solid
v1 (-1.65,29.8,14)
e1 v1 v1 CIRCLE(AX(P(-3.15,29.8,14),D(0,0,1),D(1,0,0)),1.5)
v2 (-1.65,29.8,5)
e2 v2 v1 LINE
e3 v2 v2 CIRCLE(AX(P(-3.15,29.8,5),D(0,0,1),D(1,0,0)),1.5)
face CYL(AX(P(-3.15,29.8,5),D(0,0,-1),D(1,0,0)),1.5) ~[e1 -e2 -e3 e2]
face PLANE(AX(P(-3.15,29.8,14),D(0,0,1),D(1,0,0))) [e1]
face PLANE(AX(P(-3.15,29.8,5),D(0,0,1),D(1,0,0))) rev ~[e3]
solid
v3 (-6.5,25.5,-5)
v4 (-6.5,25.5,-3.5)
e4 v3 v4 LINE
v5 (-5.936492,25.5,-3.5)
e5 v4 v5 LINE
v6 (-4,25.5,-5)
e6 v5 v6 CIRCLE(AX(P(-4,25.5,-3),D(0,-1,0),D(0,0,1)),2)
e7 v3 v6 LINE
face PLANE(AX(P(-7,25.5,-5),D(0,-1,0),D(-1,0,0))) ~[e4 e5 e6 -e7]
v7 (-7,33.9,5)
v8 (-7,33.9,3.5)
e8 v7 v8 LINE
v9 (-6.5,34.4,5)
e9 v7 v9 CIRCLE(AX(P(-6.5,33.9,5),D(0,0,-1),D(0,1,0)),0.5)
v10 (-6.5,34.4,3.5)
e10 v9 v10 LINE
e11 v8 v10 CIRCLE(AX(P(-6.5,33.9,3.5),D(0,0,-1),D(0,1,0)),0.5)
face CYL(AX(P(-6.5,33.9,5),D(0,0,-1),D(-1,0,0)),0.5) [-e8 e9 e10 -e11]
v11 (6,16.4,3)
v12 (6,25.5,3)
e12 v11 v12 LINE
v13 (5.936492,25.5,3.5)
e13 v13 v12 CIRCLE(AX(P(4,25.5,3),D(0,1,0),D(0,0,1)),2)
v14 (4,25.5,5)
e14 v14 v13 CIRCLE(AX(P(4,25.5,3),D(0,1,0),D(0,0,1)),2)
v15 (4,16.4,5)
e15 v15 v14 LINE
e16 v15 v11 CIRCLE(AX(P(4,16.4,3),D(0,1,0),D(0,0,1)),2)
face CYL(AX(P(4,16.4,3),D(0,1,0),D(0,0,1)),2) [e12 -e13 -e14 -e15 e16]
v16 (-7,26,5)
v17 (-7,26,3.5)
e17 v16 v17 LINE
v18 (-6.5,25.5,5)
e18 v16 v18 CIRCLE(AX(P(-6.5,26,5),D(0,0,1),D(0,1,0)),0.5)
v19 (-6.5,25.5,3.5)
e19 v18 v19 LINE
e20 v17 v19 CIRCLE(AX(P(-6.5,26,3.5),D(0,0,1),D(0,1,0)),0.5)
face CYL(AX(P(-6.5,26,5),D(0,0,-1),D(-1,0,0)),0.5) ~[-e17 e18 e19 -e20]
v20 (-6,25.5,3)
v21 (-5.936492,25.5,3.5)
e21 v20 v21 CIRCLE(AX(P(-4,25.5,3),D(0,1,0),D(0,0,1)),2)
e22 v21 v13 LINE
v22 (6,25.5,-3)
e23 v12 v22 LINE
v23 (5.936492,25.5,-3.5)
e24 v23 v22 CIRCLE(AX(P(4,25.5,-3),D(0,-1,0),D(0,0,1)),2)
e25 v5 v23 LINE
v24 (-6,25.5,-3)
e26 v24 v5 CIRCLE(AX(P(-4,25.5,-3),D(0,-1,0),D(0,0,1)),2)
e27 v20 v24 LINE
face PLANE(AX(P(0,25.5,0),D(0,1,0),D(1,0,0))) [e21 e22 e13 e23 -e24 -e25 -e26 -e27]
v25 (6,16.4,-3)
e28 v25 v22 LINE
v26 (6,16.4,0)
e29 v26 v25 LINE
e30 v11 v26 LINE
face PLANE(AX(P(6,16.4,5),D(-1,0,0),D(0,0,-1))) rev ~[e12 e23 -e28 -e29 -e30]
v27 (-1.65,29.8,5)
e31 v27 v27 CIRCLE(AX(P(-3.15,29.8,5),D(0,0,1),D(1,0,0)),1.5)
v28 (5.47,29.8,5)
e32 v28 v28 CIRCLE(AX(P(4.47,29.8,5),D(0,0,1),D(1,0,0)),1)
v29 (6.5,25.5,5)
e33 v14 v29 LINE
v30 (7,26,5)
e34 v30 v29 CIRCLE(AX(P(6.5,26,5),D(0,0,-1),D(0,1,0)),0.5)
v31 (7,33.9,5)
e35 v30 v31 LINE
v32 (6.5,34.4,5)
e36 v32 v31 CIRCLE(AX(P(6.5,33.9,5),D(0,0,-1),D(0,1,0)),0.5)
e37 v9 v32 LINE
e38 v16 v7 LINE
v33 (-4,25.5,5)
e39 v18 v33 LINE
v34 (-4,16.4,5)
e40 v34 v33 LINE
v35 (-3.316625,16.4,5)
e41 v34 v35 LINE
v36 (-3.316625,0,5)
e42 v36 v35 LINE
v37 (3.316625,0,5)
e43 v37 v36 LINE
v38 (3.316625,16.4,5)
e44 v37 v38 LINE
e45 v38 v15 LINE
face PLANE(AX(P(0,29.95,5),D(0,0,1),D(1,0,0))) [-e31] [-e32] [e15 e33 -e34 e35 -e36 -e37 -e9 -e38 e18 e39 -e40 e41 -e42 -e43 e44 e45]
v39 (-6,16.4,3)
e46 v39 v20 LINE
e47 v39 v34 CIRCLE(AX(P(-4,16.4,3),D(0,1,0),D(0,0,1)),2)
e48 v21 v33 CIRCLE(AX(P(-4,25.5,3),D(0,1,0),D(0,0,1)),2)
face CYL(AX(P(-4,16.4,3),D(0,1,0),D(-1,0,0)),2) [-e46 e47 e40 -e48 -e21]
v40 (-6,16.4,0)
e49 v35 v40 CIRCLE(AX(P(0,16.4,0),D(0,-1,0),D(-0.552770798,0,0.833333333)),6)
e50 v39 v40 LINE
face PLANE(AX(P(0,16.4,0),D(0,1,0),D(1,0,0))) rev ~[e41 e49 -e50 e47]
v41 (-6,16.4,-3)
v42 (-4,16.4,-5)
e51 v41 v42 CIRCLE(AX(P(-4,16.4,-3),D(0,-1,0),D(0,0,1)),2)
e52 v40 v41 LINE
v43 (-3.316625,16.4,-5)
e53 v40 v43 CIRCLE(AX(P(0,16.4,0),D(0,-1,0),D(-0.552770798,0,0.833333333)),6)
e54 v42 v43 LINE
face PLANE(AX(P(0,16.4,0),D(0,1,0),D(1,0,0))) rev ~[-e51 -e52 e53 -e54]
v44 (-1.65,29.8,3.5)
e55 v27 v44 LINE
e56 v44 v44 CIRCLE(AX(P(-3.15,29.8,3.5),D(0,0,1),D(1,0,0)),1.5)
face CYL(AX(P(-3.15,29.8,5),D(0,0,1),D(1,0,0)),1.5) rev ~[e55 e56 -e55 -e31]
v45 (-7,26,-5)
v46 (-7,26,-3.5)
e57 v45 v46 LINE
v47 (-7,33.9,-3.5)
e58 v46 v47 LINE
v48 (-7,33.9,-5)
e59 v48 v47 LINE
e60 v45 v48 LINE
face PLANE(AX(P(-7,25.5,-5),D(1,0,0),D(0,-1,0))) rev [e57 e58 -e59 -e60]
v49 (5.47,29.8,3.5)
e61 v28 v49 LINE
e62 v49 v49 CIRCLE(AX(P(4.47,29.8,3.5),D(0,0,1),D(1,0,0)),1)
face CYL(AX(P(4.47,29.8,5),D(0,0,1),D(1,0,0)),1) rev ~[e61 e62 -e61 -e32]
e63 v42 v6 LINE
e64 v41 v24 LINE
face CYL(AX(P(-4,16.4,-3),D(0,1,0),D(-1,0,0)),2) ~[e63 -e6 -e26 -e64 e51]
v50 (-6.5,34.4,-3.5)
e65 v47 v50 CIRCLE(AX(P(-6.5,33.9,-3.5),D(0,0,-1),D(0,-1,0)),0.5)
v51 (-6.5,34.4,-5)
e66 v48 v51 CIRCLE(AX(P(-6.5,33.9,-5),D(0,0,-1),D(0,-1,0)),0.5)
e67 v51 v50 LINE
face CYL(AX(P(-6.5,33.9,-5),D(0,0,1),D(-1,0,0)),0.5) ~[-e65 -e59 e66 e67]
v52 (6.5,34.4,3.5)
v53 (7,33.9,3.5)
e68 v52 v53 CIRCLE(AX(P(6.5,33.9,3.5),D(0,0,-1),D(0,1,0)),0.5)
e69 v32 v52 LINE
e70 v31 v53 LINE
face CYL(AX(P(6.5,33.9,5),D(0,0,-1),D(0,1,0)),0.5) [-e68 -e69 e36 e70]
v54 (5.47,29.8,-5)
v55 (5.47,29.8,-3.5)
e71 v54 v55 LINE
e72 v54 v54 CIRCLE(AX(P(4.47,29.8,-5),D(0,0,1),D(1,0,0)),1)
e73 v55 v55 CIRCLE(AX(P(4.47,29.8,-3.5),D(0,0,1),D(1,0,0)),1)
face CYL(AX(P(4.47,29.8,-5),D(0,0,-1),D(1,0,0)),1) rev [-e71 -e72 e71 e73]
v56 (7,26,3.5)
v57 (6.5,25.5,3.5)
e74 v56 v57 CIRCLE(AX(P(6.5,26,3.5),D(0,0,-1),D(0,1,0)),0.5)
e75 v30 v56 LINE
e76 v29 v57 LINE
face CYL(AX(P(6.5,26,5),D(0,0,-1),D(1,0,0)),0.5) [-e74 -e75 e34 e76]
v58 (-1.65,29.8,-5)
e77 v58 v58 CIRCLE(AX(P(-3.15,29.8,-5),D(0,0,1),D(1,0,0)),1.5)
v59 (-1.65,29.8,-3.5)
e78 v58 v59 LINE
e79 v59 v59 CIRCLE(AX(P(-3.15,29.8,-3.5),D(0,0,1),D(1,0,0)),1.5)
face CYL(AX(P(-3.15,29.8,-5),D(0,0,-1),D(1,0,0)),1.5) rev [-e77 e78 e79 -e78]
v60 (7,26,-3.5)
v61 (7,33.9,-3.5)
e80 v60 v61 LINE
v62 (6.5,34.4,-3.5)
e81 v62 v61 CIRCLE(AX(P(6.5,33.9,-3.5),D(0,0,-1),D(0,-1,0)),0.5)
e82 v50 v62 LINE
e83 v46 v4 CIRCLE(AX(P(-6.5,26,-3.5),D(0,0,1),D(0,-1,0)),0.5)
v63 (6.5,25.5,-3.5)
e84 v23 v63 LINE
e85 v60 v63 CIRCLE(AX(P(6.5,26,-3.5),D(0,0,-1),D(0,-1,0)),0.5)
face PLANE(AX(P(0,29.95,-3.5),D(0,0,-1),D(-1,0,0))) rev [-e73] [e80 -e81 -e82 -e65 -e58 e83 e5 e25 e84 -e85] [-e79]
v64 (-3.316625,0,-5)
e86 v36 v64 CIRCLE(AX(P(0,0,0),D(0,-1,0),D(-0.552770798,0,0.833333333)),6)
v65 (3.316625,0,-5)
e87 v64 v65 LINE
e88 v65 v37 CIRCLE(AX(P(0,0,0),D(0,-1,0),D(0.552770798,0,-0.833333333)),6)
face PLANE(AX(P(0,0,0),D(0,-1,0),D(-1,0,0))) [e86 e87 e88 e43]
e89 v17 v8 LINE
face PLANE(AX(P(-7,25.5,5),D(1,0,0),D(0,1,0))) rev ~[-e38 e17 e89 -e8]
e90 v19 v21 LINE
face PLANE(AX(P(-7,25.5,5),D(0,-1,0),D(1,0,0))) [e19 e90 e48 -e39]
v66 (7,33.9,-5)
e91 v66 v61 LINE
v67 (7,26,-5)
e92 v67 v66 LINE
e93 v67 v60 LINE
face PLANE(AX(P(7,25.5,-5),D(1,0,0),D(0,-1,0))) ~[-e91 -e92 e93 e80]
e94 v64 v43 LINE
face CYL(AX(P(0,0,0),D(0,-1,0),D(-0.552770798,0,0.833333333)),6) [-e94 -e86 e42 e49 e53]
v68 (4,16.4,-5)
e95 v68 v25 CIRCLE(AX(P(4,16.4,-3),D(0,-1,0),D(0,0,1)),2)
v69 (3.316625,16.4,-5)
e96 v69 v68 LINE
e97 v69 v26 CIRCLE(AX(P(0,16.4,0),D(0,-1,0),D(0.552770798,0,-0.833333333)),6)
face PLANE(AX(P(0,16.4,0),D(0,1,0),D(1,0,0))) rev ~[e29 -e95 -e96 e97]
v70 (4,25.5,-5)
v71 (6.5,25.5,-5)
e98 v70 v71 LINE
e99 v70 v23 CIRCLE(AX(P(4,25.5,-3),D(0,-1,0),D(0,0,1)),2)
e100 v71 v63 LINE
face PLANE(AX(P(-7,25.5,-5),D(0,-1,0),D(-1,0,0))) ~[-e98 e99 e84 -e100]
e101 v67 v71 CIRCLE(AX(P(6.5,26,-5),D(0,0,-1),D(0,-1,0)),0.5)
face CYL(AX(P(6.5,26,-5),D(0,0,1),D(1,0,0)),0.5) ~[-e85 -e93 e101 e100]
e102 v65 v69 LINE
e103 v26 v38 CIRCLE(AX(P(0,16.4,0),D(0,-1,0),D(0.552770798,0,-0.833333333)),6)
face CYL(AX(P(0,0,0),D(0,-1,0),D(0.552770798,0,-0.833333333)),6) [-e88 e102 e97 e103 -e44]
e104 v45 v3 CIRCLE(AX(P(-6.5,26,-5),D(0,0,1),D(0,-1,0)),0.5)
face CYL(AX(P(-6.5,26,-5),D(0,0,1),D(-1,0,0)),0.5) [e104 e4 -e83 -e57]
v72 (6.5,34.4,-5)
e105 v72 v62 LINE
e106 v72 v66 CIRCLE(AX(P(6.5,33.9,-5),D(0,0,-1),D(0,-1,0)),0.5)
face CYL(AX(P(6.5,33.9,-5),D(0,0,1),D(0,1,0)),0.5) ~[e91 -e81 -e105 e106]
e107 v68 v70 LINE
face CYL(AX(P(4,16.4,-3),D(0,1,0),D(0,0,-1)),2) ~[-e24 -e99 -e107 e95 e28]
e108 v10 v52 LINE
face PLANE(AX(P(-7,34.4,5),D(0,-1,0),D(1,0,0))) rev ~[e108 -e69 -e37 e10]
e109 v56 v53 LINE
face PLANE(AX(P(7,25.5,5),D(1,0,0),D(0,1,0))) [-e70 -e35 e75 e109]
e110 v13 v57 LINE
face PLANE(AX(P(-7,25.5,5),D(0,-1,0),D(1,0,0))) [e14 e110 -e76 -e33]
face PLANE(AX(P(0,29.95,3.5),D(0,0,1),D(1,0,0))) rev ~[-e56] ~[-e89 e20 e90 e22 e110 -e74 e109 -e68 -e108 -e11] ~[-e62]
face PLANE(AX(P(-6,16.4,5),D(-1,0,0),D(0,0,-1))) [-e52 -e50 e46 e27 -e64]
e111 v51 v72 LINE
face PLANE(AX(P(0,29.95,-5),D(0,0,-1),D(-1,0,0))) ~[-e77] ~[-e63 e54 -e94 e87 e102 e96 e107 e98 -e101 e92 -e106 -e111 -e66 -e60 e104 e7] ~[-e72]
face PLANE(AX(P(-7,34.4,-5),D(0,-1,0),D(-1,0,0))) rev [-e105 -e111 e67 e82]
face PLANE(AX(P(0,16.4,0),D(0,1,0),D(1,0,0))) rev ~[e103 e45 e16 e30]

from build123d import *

# Parameters (mm, degrees)
BOSS_EXTRUDE1_DEPTH  = 16.4
SKETCH2_W            = 12
SKETCH2_H            = 10
BOSS_EXTRUDE2_DEPTH  = 9.1
FILLET1_R            = 2
SKETCH3_W            = 14
SKETCH3_H            = 8.9
SKETCH3_R            = 1.5
SKETCH3_R_2          = 1
BOSS_EXTRUDE3_DEPTH  = 1.5
FILLET2_R            = 0.5
FILLET2_OF_MIRROR1_R = 0.5
SKETCH4_R            = 1.5
BOSS_EXTRUDE4_DEPTH  = 9


with BuildPart() as part:
    # Sketch1 → Boss-Extrude1 (new body)
    with BuildSketch(Plane(origin=(0, 0, 0), x_dir=(1, 0, 0), z_dir=(0, 1, 0))):
        with BuildLine():
            Line((-3.31662479, 5), (3.31662479, 5))
            ThreePointArc((3.31662479, 5), (6, 0), (3.31662479, -5))
            Line((3.31662479, -5), (-3.31662479, -5))
            ThreePointArc((-3.31662479, -5), (-6, 0), (-3.31662479, 5))
        make_face()
    extrude(amount=BOSS_EXTRUDE1_DEPTH)

    # Sketch2 → Boss-Extrude2 (add)
    with BuildSketch(Plane(origin=(0, 16.4, 0), x_dir=(1, 0, 0), z_dir=(0, 1, 0))):
        Rectangle(SKETCH2_W, SKETCH2_H)
    extrude(amount=BOSS_EXTRUDE2_DEPTH)

    # Fillet1
    fillet1_edges = [part.edges().sort_by_distance(p)[0] for p in [
        (-6, 20.95, -5),
        (-6, 20.95, 5),
        (6, 20.95, 5),
        (6, 20.95, -5),
    ]]
    fillet(fillet1_edges, radius=FILLET1_R)

    # Sketch3 → Boss-Extrude3 (add)
    with BuildSketch(Plane.XY.offset(5)):
        with Locations((0, 29.95)):
            Rectangle(SKETCH3_W, SKETCH3_H)
        with Locations((-3.15, 29.8)):
            Circle(SKETCH3_R, mode=Mode.SUBTRACT)
        with Locations((4.47, 29.8)):
            Circle(SKETCH3_R_2, mode=Mode.SUBTRACT)
    boss_extrude3 = extrude(amount=-BOSS_EXTRUDE3_DEPTH)

    # Fillet2
    fillet2_edges = [part.edges().sort_by_distance(p)[0] for p in [
        (-7, 25.5, 4.25),
        (-7, 34.4, 4.25),
        (7, 34.4, 4.25),
        (7, 25.5, 4.25),
    ]]
    fillet(fillet2_edges, radius=FILLET2_R)

    # Mirror1: Boss-Extrude3 across plane
    add(boss_extrude3.mirror(Plane.XY))

    # Fillet2 of Mirror1
    fillet2_of_mirror1_edges = [part.edges().sort_by_distance(p)[0] for p in [
        (-7, 25.5, -4.25),
        (-7, 34.4, -4.25),
        (7, 34.4, -4.25),
        (7, 25.5, -4.25),
    ]]
    fillet(fillet2_of_mirror1_edges, radius=FILLET2_OF_MIRROR1_R)


with BuildPart() as body_2:
    # Sketch4 → Boss-Extrude4 (new body)
    with BuildSketch(Plane.XY.offset(5)):
        with Locations((-3.15, 29.8)):
            Circle(SKETCH4_R)
    extrude(amount=BOSS_EXTRUDE4_DEPTH)


solid = Compound([part.part, body_2.part])
